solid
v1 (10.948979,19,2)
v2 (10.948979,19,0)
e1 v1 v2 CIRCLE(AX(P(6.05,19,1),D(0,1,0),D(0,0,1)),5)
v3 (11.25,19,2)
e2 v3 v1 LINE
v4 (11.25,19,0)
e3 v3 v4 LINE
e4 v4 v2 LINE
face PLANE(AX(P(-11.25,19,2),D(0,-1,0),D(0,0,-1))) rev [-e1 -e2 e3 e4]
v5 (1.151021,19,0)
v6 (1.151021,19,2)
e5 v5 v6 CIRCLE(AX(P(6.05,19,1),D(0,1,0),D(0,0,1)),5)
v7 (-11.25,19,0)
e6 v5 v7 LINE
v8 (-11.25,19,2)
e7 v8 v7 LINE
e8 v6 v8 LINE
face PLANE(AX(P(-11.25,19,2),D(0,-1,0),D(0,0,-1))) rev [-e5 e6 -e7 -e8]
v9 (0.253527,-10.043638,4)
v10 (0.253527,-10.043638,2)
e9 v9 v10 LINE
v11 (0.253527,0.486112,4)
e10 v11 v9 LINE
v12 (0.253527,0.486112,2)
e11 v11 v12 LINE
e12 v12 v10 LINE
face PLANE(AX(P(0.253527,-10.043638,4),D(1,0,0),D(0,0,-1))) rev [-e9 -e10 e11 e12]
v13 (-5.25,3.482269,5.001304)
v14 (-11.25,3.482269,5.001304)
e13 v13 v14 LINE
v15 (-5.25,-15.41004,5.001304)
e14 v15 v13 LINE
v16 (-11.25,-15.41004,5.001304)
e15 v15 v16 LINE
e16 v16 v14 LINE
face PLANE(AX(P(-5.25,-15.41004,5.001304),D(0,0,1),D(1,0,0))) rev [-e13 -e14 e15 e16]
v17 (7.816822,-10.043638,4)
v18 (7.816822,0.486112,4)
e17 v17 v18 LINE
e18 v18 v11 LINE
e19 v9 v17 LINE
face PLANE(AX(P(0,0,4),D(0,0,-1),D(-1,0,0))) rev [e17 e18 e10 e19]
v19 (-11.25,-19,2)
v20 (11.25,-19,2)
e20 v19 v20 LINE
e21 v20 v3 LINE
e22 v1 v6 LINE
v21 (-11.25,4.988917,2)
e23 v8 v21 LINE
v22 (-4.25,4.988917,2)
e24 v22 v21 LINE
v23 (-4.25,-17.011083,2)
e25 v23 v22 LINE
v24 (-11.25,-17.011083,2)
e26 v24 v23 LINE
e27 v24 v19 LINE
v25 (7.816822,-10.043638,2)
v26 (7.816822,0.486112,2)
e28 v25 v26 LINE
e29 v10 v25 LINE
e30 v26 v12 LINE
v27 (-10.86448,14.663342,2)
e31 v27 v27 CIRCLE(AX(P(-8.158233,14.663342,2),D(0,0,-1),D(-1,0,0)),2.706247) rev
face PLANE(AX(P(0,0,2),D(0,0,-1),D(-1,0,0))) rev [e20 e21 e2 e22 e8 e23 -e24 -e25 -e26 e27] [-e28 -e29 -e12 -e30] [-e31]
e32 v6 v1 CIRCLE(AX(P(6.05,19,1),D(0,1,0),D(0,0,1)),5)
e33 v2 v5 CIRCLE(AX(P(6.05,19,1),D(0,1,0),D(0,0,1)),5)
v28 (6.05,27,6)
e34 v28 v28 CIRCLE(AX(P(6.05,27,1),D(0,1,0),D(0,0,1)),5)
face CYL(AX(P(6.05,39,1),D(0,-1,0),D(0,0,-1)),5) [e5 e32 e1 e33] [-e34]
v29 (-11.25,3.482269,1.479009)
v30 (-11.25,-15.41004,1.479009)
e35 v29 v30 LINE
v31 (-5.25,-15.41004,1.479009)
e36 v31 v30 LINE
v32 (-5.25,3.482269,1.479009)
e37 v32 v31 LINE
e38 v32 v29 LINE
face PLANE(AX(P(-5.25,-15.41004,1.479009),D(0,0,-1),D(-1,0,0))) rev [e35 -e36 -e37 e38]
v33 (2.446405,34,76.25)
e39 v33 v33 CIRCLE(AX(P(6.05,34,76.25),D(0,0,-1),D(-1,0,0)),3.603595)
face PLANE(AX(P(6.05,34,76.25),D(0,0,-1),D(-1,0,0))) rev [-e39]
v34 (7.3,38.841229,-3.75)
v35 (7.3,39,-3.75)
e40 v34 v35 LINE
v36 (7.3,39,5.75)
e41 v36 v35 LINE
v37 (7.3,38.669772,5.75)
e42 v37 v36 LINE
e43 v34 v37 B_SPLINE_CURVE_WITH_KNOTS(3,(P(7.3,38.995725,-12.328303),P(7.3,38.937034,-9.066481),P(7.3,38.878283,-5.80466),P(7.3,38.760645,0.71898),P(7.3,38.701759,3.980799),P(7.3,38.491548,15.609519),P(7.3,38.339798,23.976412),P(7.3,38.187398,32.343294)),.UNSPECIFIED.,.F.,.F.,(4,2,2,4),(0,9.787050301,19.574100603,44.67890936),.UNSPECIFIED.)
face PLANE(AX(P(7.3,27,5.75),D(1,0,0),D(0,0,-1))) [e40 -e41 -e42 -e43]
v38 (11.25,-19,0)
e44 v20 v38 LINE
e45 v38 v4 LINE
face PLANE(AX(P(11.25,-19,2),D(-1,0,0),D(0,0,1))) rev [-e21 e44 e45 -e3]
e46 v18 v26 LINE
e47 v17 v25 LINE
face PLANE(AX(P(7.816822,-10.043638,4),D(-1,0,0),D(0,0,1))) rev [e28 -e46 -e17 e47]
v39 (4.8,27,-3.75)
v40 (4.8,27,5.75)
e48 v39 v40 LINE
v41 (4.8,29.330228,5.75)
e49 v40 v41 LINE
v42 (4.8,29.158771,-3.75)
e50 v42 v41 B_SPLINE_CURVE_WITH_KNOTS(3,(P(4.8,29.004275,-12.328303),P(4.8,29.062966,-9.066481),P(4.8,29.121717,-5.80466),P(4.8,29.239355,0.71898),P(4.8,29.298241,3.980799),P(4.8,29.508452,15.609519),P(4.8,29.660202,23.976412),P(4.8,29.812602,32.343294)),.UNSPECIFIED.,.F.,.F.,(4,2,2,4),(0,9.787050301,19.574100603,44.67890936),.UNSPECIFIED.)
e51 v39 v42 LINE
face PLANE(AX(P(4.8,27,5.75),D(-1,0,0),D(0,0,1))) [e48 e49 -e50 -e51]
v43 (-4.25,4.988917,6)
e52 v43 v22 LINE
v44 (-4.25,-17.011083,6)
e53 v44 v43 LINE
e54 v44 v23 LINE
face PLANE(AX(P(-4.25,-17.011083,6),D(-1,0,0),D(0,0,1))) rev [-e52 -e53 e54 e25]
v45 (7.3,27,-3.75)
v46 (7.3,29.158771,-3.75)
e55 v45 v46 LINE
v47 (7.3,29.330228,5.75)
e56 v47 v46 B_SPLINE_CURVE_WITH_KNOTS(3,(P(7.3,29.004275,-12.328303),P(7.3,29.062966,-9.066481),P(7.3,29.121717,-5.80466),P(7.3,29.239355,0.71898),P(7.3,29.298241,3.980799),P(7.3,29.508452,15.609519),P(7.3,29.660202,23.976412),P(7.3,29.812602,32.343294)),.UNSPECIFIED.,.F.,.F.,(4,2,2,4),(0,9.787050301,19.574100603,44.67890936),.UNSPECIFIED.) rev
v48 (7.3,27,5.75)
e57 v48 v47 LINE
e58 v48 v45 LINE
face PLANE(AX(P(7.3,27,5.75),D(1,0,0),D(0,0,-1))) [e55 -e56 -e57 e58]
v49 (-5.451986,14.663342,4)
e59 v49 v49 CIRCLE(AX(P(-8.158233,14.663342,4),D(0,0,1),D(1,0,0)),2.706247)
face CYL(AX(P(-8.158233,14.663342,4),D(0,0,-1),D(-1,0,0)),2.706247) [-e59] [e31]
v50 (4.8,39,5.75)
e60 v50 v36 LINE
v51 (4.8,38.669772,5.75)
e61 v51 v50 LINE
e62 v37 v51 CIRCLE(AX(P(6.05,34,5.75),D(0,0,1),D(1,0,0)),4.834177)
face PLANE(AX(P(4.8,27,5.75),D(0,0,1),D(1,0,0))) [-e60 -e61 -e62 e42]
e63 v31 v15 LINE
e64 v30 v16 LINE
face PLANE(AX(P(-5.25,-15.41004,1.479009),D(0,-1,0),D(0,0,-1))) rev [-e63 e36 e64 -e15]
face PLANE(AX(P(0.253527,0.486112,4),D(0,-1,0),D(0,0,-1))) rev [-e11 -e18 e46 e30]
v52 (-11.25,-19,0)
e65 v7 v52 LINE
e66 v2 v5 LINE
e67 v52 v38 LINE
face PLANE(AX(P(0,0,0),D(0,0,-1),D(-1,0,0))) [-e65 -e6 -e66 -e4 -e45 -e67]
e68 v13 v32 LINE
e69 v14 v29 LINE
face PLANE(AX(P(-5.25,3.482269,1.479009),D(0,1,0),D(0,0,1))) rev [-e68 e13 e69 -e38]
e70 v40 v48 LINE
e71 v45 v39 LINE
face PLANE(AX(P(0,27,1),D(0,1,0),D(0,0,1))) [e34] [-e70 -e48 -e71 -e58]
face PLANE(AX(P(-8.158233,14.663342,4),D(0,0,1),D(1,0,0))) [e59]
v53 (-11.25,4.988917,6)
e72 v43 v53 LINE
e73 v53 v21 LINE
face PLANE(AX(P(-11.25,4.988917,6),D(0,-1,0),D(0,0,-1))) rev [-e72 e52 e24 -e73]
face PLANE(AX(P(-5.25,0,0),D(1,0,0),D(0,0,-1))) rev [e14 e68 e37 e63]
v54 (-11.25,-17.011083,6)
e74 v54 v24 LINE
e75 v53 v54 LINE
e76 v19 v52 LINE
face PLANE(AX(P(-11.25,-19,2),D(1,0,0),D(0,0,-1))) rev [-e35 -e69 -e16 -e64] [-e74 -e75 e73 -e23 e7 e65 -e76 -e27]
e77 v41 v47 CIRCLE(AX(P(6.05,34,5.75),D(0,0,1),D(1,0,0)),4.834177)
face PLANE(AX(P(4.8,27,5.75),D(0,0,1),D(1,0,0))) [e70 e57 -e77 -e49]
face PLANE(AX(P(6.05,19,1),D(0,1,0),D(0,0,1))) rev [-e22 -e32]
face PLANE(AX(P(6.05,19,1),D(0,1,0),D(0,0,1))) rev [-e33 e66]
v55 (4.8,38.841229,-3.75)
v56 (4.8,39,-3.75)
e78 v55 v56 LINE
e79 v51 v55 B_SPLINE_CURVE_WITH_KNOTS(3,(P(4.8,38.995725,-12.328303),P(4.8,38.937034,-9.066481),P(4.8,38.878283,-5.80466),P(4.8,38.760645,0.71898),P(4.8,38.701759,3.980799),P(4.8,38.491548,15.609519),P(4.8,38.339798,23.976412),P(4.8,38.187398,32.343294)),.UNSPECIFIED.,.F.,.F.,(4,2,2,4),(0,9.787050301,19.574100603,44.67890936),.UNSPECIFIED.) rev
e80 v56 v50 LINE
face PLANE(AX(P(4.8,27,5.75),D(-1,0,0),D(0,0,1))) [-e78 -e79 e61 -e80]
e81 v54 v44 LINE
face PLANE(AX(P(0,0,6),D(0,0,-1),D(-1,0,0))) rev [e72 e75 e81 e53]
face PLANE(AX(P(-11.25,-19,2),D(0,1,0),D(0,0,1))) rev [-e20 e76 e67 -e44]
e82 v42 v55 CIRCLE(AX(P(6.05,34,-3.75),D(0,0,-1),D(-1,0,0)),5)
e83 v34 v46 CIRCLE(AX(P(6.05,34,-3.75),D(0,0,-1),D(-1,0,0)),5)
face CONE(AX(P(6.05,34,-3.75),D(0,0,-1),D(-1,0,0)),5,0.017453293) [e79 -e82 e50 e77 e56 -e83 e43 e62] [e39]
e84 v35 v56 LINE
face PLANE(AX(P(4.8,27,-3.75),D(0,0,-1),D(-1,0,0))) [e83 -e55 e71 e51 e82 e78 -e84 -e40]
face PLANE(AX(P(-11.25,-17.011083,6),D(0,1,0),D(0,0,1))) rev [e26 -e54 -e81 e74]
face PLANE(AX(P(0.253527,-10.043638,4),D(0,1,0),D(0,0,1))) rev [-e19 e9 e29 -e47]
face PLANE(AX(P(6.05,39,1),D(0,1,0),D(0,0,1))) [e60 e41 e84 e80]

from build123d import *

# Parameters (mm, degrees)
SKETCH1_W           = 22.5
SKETCH1_H           = 38
BOSS_EXTRUDE1_DEPTH = 2
SKETCH2_W           = 7
SKETCH2_H           = 22
BOSS_EXTRUDE2_DEPTH = 4
SKETCH3_R           = 2.706246926
SKETCH3_W           = 7.563295119
SKETCH3_H           = 10.529749536
BOSS_EXTRUDE3_DEPTH = 2
SKETCH4_W           = 3.522294841
SKETCH4_H           = 18.892308692
CUT_EXTRUDE1_DEPTH  = 6
SKETCH5_R           = 5
BOSS_EXTRUDE4_DEPTH = 20
SKETCH6_OUTSIDE_W   = 37.102
SKETCH6_OUTSIDE_H   = 24.602
SKETCH6_OUTSIDE_W_2 = 2.5
SKETCH6_OUTSIDE_H_2 = 9.5
CUT_EXTRUDE2_DEPTH  = 12
SKETCH7_R           = 5
BOSS_EXTRUDE5_DEPTH = 80
BOSS_EXTRUDE5_DRAFT = -1


with BuildPart() as part:
    # Sketch1 → Boss-Extrude1 (new body)
    with BuildSketch(Plane.XY):
        Rectangle(SKETCH1_W, SKETCH1_H)
    extrude(amount=BOSS_EXTRUDE1_DEPTH)

    # Sketch2 → Boss-Extrude2 (add)
    with BuildSketch(Plane.XY.offset(2)):
        with Locations((-7.75, -6.011083038)):
            Rectangle(SKETCH2_W, SKETCH2_H)
    extrude(amount=BOSS_EXTRUDE2_DEPTH)

    # Sketch3 → Boss-Extrude3 (add)
    with BuildSketch(Plane.XY.offset(2)):
        with Locations(Location((-8.15823298, 14.663341742, 0), (0, 0, 180))):
            Circle(SKETCH3_R)
        with Locations((4.035174314, -4.778762907)):
            Rectangle(SKETCH3_W, SKETCH3_H)
    extrude(amount=BOSS_EXTRUDE3_DEPTH)

    # Sketch4 → Cut-Extrude1 (cut)
    with BuildSketch(Plane.ZY.offset(11.25)):
        with Locations((3.240156467, -5.963885583)):
            Rectangle(SKETCH4_W, SKETCH4_H)
    extrude(amount=-CUT_EXTRUDE1_DEPTH, mode=Mode.SUBTRACT)

    # Sketch5 → Boss-Extrude4 (add)
    with BuildSketch(Plane(origin=(0, 19, 0), x_dir=(1, 0, 0), z_dir=(0, 1, 0))):
        with Locations(Location((6.05, -1, 0), (0, 0, 168.463040967))):
            Circle(SKETCH5_R)
    extrude(amount=BOSS_EXTRUDE4_DEPTH)

    # Sketch6 outside → Cut-Extrude2 (cut)
    with BuildSketch(Plane(origin=(0, 39, 0), x_dir=(1, 0, 0), z_dir=(0, 1, 0))):
        with Locations((0, -1)):
            Rectangle(SKETCH6_OUTSIDE_W, SKETCH6_OUTSIDE_H)
        with Locations((6.05, -1)):
            Rectangle(SKETCH6_OUTSIDE_W_2, SKETCH6_OUTSIDE_H_2, mode=Mode.SUBTRACT)
    extrude(amount=-CUT_EXTRUDE2_DEPTH, mode=Mode.SUBTRACT)


with BuildPart() as boss_extrude5_tool:
    # Sketch7 → Boss-Extrude5 (with draft: the straight prism first)
    with BuildSketch(Plane(origin=(0, 0, -3.75), x_dir=(-1, 0, 0), z_dir=(0, 0, -1))):
        with Locations((-6.05, 34)):
            Circle(SKETCH7_R)
    extrude(amount=-BOSS_EXTRUDE5_DEPTH)
    # Boss-Extrude5: the draft: its side faces are tilted about the plane it starts from
    boss_extrude5_sides = [boss_extrude5_tool.faces().sort_by_distance(p)[0] for p in [
        (11.05, 34, 36.25),
    ]]
    draft(boss_extrude5_sides, Plane(origin=(0, 0, -3.75), x_dir=(-1, 0, 0), z_dir=(0, 0, -1)), BOSS_EXTRUDE5_DRAFT)


with BuildPart() as part_1:
    add(part.part)

    # Boss-Extrude5: add boss_extrude5_tool
    add(boss_extrude5_tool.part)


solid = part_1.part
